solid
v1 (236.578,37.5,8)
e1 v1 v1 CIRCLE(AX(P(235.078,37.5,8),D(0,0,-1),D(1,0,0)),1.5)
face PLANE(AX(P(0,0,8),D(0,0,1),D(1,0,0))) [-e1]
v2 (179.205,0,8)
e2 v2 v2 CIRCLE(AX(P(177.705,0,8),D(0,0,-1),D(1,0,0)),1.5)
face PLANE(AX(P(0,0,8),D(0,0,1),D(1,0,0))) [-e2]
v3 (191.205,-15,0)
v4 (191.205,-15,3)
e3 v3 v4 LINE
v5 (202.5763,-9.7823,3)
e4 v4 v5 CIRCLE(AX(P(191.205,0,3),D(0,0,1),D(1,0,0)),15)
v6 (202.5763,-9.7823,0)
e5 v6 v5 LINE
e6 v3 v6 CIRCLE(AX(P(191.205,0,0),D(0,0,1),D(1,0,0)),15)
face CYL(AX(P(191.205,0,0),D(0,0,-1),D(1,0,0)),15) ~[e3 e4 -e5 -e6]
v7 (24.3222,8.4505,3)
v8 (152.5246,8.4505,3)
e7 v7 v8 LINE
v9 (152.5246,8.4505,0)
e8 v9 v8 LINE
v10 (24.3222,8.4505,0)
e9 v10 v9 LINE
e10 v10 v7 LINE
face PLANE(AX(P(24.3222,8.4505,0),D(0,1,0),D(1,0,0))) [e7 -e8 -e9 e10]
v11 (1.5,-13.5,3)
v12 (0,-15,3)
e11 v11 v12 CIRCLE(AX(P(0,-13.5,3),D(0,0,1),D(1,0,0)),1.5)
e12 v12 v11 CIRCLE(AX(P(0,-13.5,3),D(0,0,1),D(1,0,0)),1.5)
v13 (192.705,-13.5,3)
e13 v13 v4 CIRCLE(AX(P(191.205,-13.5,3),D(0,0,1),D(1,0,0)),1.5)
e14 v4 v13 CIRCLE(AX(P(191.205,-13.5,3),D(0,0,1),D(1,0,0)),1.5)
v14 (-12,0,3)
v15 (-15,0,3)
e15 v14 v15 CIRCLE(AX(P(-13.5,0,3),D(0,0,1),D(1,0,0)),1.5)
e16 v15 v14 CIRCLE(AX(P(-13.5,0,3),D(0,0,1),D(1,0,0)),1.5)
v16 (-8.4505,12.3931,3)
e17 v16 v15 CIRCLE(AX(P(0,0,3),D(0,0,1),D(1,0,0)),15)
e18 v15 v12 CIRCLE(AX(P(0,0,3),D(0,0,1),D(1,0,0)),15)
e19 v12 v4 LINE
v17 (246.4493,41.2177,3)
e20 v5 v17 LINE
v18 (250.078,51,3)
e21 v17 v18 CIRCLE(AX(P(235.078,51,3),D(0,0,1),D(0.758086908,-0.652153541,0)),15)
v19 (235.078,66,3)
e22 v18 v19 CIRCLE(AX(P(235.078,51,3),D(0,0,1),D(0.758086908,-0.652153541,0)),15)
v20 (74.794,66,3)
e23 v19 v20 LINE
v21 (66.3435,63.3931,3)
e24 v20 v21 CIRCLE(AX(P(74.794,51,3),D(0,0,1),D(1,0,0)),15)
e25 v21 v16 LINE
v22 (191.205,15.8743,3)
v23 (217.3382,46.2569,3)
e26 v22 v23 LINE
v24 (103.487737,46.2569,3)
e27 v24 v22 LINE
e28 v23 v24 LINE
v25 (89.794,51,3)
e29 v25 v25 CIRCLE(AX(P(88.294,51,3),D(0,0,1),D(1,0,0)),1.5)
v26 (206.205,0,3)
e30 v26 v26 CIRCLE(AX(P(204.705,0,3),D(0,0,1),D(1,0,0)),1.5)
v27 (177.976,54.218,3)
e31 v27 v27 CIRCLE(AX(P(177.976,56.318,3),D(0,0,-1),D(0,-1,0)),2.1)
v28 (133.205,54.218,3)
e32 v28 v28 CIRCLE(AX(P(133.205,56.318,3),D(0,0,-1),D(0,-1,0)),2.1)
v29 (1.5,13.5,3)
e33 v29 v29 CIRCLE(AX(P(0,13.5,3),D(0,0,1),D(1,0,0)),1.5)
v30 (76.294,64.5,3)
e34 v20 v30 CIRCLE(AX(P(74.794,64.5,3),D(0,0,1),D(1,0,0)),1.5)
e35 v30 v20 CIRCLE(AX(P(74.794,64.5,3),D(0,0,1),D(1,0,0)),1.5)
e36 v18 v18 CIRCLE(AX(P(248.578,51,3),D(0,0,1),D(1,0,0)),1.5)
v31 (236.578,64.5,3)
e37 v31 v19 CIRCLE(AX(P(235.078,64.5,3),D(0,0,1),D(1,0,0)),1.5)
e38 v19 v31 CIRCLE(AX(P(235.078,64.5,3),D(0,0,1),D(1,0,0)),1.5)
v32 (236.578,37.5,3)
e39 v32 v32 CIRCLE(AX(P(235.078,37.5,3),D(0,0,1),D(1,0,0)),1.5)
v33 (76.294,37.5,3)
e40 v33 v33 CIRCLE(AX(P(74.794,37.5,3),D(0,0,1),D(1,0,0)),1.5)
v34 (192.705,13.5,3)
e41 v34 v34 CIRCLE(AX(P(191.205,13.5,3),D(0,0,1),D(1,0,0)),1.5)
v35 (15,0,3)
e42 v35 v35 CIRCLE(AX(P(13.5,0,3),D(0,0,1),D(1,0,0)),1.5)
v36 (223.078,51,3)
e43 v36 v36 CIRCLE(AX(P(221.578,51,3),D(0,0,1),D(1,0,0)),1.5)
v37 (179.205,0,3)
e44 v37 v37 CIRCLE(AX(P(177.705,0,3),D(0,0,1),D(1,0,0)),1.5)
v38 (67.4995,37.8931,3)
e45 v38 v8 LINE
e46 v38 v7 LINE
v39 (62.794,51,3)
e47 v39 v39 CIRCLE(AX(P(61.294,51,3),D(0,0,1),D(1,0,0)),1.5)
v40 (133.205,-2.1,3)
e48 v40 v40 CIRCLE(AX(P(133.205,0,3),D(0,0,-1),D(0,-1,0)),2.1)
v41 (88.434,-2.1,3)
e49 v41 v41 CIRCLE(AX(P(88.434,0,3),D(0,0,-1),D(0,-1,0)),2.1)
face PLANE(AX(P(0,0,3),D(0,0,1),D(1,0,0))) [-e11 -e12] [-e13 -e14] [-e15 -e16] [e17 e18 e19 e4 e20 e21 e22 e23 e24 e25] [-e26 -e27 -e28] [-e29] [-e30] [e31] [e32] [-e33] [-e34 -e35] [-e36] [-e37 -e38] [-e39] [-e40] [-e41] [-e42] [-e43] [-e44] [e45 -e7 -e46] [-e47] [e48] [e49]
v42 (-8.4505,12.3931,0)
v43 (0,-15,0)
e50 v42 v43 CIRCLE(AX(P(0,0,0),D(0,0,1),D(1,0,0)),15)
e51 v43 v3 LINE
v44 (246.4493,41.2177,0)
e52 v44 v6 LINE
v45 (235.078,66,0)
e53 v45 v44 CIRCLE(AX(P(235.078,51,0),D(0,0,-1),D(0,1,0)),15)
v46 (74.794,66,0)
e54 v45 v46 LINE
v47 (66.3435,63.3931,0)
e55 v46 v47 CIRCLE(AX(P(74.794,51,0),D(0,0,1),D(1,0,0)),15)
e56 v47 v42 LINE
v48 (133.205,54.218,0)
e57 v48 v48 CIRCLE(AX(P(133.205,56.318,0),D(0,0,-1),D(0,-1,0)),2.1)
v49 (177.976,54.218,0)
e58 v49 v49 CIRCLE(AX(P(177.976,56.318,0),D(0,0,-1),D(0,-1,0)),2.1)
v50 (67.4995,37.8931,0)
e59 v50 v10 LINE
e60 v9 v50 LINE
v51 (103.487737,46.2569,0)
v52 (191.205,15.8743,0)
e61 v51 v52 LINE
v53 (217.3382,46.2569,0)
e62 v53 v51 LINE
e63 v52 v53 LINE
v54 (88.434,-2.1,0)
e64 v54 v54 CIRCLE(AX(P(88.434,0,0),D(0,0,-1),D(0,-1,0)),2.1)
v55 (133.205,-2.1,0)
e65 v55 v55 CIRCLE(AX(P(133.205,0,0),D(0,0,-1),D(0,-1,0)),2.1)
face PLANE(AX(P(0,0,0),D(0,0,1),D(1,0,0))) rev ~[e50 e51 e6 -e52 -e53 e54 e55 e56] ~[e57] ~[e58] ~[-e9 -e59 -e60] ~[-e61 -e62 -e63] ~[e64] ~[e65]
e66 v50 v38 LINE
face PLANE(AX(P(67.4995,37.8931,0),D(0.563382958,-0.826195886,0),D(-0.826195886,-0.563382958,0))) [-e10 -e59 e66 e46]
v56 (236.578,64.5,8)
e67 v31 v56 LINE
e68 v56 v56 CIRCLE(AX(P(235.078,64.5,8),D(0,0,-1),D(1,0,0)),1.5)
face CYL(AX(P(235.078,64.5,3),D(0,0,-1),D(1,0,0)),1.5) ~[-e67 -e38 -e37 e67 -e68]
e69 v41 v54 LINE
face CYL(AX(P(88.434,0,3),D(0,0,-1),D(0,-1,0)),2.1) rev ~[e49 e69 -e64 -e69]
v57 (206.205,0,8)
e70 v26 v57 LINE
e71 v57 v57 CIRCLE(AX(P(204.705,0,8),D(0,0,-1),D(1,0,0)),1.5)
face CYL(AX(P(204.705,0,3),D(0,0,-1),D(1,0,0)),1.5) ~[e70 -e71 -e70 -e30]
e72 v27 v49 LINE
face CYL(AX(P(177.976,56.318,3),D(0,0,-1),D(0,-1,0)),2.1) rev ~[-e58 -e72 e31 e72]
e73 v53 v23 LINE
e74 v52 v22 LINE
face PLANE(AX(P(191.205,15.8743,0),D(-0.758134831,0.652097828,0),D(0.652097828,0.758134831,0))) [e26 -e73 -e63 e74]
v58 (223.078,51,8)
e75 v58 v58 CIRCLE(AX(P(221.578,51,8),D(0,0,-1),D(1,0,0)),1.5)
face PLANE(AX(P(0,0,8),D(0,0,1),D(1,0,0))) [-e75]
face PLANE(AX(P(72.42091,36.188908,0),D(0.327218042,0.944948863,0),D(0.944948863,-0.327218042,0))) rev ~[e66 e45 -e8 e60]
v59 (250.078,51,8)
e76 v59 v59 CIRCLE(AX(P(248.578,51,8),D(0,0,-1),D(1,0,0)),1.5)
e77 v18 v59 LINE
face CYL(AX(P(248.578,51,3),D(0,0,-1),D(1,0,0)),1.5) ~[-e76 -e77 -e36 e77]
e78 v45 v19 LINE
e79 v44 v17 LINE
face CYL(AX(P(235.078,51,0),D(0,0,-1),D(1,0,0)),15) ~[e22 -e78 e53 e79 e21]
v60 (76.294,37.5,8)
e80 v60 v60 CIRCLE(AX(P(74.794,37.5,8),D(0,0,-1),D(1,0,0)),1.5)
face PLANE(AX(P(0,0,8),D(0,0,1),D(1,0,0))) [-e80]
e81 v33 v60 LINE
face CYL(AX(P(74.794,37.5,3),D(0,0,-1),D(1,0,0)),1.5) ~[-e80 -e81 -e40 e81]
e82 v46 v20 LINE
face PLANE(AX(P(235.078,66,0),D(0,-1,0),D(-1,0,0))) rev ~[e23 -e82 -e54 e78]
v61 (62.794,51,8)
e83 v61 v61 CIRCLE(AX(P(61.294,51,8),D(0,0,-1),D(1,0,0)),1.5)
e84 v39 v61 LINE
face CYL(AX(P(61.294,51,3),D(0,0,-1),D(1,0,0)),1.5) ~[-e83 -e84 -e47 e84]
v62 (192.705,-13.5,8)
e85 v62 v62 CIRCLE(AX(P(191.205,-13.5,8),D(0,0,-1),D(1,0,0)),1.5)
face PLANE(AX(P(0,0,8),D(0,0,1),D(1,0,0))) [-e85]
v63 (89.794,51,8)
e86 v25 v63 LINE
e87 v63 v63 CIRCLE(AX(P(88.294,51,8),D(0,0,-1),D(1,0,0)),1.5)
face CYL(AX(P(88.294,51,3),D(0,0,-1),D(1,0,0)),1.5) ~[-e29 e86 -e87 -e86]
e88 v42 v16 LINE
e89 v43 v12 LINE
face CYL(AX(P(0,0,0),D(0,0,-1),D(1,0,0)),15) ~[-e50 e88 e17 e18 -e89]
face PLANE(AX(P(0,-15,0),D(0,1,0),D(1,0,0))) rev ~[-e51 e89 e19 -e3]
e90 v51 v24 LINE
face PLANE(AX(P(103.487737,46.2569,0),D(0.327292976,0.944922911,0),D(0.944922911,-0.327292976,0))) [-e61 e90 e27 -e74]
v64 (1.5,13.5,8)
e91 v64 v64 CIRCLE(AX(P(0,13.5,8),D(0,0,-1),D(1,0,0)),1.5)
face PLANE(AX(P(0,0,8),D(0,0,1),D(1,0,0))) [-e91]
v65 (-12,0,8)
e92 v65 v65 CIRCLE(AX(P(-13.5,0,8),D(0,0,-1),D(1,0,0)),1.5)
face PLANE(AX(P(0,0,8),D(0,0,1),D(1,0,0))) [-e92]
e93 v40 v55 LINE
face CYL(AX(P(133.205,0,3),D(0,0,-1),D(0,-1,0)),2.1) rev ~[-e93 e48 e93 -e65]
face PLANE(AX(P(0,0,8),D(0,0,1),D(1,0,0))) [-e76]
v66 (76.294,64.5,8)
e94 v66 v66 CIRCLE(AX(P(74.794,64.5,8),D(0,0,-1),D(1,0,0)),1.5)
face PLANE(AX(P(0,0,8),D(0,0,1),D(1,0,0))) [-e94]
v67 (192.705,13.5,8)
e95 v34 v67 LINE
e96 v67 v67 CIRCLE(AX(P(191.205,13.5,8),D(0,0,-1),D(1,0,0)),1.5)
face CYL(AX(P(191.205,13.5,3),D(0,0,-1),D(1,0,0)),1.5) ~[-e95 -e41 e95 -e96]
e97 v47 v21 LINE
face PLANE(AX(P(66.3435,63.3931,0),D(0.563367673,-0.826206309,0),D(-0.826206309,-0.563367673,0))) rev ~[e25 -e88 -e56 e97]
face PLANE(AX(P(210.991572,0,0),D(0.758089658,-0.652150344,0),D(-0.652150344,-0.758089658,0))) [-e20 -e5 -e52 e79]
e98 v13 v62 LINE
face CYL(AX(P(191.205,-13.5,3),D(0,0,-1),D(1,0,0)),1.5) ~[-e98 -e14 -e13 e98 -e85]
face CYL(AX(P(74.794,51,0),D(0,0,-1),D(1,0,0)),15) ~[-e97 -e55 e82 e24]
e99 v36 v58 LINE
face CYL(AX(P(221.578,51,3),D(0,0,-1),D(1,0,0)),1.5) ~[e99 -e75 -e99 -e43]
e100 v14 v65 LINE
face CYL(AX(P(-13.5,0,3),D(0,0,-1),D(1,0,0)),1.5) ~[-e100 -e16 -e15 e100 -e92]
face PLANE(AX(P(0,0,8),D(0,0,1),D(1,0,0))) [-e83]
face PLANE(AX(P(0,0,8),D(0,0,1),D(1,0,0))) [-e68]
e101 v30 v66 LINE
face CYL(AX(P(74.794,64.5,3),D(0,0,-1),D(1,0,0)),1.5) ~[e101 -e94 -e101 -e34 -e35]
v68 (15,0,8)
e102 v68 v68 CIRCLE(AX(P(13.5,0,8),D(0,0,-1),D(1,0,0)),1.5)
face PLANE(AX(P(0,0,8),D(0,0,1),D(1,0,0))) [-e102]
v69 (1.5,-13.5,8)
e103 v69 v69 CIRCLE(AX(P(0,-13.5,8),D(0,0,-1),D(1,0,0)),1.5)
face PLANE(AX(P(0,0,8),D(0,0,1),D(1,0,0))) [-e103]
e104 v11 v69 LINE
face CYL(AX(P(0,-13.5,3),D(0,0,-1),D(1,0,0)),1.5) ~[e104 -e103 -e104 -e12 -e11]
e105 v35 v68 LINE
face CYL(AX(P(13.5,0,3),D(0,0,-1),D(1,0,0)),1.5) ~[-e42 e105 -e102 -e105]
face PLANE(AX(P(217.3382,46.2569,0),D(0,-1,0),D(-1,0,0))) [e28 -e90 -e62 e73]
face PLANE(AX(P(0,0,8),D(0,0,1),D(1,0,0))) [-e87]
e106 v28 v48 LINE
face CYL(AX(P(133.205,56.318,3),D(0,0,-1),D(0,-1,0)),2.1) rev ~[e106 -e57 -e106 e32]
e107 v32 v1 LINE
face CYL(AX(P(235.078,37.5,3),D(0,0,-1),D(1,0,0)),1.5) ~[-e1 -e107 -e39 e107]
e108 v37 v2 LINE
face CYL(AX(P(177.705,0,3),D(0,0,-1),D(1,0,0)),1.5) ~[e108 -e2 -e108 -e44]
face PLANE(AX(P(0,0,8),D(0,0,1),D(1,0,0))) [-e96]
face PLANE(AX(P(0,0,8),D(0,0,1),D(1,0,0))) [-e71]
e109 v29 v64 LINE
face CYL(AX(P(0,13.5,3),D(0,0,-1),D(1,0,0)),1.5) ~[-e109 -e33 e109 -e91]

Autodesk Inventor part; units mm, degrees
sketch "Sketch1" plane through (0, 0, 0) normal (0, 0, 1) x (1, 0, 0)
  line L0 (0, 19.7393) -> (0, -19.7393) construction
  line L1 (-39.8995, 0) -> (39.8995, 0) construction
  line L2 (0, 0) -> (191.205, 0)
  line L3 (191.205, 0) -> (235.078, 0)
  line L4 (235.078, 0) -> (235.078, 51)
  line L5 (235.078, 51) -> (191.205, 0)
  line L6 (235.078, 51) -> (74.794, 51)
  line L7 (74.794, 51) -> (0, 0)
  circle A0 centre (0, 0) radius 15
  circle A1 centre (74.794, 51) radius 15
  circle A2 centre (235.078, 51) radius 15
  circle A3 centre (191.205, 0) radius 15
  line L8 (0, -15) -> (191.205, -15)
  line L9 (66.3435, 63.3931) -> (-8.4505, 12.3931)
  line L10 (235.078, 66) -> (74.794, 66)
  line L11 (246.4493, 41.2177) -> (202.5763, -9.7823)
  line L12 (89.794, 51) -> (196.1144, 14.1738)
  line L13 (67.4995, 37.8931) -> (176.2071, 0.2497)
  line L14 (67.4995, 37.8931) -> (182.5402, 37.8931) construction
  line L15 (12.3931, 8.4505) -> (152.5246, 8.4505)
  line L16 (191.205, 15.8743) -> (240.505, 15.8743) construction
  line L17 (191.205, 15.8743) -> (220.1505, 49.5266)
  line L18 (191.205, 15.8743) -> (235.5933, 15.8743) construction
  line L19 (67.4995, 37.8931) -> (24.3222, 8.4505)
  line L20 (67.4995, 37.8931) -> (119.76, 37.8931) construction
  line L21 (217.3382, 46.2569) -> (89.0244, 46.2569)
  line L22 (217.3382, 46.2569) -> (345.652, 46.2569) construction
  point P0 (220.078, 51)
  point P1 (225.2957, 39.6287)
  point P2 (200.9873, 11.3713)
  point P3 (176.205, 0)
  point P4 (15, 0)
  point P5 (12.3931, 8.4505)
  point P6 (62.4009, 42.5495)
  point P7 (103.4876, 46.2569)
  dimension "d0" = 191.205
  dimension "d1" = 43.873
  dimension "d2" = 51
  dimension "d3" = 160.284
  dimension "d4" = 30
  dimension "d5" = 30
  dimension "d6" = 30
  dimension "d7" = 30
  dimension "d8" = 19.1
  dimension "d44" = 49.3
  dimension "d45" = 145.71
  dimension "d46" = 180
extrude "Extrusion1" add sketch "Sketch1" along normal blind 3 contours L7 A0 L2 | L2 A0 L7 | A0 L15 L13 A3 L2 | L2 A3 L8 A0 | A0 L9 A1 L7 | L7 A1 L19 L15 | A3 L5 L2 | L2 L3 A3 | A1 L6 L7 | L7 L6 A1 L13 | L5 A3 L3 | L13 A1 L21 L12 A3 | A3 L5 A2 L4 L11 L3 | L3 L11 A3 | A3 L12 L17 A2 L5 | A1 L10 A2 L6 | L12 L21 A1 | L6 A2 L17 L21 L12 | A2 L6 L5 | L5 L4 A2 | A2 L4 L6 | L4 A2 L11
sketch "Sketch2" plane through (0, 0, 3) normal (0, 0, 1) x (1, 0, 0)
  arc A0 (-8.4505, 12.3931) -> (0, -15) centre (0, 0) ccw projected
  circle A1 centre (0, 0) radius 15
  line L0 (0, 15) -> (0, 13.5)
  circle A2 centre (0, 0) radius 13.5
  circle A3 centre (0, 13.5) radius 1.5
  circle A4 centre (13.5, 0) radius 1.5
  circle A5 centre (0, -13.5) radius 1.5
  circle A6 centre (-13.5, 0) radius 1.5
  arc A7 (246.4493, 41.2177) -> (235.078, 66) centre (235.078, 51) ccw projected
  circle A8 centre (235.078, 51) radius 13.5
  circle A9 centre (235.078, 64.5) radius 1.5
  circle A10 centre (248.578, 51) radius 1.5
  circle A11 centre (235.078, 37.5) radius 1.5
  circle A12 centre (221.578, 51) radius 1.5
  arc A13 (191.205, -15) -> (202.5763, -9.7823) centre (191.205, 0) ccw projected
  circle A14 centre (191.205, 0) radius 13.5
  circle A15 centre (191.205, 13.5) radius 1.5
  circle A16 centre (204.705, 0) radius 1.5
  circle A17 centre (191.205, -13.5) radius 1.5
  circle A18 centre (177.705, 0) radius 1.5
  arc A19 (74.794, 66) -> (66.3435, 63.3931) centre (74.794, 51) ccw projected
  circle A20 centre (74.794, 51) radius 13.5
  circle A21 centre (74.794, 64.5) radius 1.5
  circle A22 centre (88.294, 51) radius 1.5
  circle A23 centre (74.794, 37.5) radius 1.5
  circle A24 centre (61.294, 51) radius 1.5
  dimension "d11" = 1.5
  dimension "d12" = 3
  dimension "d13" = 3
  dimension "d14" = 27
  dimension "d15" = 3
  dimension "d16" = 3
  dimension "d17" = 3
  dimension "d18" = 3
  dimension "d19" = 27
  dimension "d20" = 3
  dimension "d21" = 3
  dimension "d22" = 3
  dimension "d23" = 3
  dimension "d24" = 27
  dimension "d25" = 3
  dimension "d26" = 3
  dimension "d27" = 3
  dimension "d28" = 3
extrude "Extrusion2" add sketch "Sketch2" along normal blind 5 contours A6 A2 | A3 A2 L0 | L0 A2 A3 | A5 A2 | A6 A2 | A4 A2 | A2 A3 | A5 A2 | A2 A4 | A10 A8 | A9 A8 | A8 A10 | A8 A9 | A11 A8 | A8 A11 | A12 A8 | A8 A12 | A14 A16 | A14 A16 | A15 A14 | A14 A15 | A17 A14 | A14 A17 | A18 A14 | A14 A18 | A20 A22 | A20 A22 | A21 A20 | A20 A21 | A23 A20 | A20 A23 | A24 A20 | A20 A24
sketch "Sketch3" plane through (0, 0, 3) normal (0, 0, 1) x (1, 0, 0)
  line L0 (0, 0) -> (88.434, 0)
  line L1 (176.205, 0) -> (15, 0) projected
  line L2 (88.434, 0) -> (137.2649, 0)
  line L3 (88.434, 0) -> (133.205, 0)
  line L4 (133.205, 0) -> (133.205, 56.318)
  line L5 (133.205, 56.318) -> (177.976, 56.318)
  dimension "d31" = 88.434
  dimension "d32" = 44.771
  dimension "d33" = 56.318
  dimension "d34" = 44.771
hole "Hole1" at (88.434, 0, 3) at (133.205, 0, 3) at (133.205, 56.318, 3) at (177.976, 56.318, 3) direction (0, 0, -1) diameter 4.2 depth 5
properties part number "Kogel houders" material "S235"
